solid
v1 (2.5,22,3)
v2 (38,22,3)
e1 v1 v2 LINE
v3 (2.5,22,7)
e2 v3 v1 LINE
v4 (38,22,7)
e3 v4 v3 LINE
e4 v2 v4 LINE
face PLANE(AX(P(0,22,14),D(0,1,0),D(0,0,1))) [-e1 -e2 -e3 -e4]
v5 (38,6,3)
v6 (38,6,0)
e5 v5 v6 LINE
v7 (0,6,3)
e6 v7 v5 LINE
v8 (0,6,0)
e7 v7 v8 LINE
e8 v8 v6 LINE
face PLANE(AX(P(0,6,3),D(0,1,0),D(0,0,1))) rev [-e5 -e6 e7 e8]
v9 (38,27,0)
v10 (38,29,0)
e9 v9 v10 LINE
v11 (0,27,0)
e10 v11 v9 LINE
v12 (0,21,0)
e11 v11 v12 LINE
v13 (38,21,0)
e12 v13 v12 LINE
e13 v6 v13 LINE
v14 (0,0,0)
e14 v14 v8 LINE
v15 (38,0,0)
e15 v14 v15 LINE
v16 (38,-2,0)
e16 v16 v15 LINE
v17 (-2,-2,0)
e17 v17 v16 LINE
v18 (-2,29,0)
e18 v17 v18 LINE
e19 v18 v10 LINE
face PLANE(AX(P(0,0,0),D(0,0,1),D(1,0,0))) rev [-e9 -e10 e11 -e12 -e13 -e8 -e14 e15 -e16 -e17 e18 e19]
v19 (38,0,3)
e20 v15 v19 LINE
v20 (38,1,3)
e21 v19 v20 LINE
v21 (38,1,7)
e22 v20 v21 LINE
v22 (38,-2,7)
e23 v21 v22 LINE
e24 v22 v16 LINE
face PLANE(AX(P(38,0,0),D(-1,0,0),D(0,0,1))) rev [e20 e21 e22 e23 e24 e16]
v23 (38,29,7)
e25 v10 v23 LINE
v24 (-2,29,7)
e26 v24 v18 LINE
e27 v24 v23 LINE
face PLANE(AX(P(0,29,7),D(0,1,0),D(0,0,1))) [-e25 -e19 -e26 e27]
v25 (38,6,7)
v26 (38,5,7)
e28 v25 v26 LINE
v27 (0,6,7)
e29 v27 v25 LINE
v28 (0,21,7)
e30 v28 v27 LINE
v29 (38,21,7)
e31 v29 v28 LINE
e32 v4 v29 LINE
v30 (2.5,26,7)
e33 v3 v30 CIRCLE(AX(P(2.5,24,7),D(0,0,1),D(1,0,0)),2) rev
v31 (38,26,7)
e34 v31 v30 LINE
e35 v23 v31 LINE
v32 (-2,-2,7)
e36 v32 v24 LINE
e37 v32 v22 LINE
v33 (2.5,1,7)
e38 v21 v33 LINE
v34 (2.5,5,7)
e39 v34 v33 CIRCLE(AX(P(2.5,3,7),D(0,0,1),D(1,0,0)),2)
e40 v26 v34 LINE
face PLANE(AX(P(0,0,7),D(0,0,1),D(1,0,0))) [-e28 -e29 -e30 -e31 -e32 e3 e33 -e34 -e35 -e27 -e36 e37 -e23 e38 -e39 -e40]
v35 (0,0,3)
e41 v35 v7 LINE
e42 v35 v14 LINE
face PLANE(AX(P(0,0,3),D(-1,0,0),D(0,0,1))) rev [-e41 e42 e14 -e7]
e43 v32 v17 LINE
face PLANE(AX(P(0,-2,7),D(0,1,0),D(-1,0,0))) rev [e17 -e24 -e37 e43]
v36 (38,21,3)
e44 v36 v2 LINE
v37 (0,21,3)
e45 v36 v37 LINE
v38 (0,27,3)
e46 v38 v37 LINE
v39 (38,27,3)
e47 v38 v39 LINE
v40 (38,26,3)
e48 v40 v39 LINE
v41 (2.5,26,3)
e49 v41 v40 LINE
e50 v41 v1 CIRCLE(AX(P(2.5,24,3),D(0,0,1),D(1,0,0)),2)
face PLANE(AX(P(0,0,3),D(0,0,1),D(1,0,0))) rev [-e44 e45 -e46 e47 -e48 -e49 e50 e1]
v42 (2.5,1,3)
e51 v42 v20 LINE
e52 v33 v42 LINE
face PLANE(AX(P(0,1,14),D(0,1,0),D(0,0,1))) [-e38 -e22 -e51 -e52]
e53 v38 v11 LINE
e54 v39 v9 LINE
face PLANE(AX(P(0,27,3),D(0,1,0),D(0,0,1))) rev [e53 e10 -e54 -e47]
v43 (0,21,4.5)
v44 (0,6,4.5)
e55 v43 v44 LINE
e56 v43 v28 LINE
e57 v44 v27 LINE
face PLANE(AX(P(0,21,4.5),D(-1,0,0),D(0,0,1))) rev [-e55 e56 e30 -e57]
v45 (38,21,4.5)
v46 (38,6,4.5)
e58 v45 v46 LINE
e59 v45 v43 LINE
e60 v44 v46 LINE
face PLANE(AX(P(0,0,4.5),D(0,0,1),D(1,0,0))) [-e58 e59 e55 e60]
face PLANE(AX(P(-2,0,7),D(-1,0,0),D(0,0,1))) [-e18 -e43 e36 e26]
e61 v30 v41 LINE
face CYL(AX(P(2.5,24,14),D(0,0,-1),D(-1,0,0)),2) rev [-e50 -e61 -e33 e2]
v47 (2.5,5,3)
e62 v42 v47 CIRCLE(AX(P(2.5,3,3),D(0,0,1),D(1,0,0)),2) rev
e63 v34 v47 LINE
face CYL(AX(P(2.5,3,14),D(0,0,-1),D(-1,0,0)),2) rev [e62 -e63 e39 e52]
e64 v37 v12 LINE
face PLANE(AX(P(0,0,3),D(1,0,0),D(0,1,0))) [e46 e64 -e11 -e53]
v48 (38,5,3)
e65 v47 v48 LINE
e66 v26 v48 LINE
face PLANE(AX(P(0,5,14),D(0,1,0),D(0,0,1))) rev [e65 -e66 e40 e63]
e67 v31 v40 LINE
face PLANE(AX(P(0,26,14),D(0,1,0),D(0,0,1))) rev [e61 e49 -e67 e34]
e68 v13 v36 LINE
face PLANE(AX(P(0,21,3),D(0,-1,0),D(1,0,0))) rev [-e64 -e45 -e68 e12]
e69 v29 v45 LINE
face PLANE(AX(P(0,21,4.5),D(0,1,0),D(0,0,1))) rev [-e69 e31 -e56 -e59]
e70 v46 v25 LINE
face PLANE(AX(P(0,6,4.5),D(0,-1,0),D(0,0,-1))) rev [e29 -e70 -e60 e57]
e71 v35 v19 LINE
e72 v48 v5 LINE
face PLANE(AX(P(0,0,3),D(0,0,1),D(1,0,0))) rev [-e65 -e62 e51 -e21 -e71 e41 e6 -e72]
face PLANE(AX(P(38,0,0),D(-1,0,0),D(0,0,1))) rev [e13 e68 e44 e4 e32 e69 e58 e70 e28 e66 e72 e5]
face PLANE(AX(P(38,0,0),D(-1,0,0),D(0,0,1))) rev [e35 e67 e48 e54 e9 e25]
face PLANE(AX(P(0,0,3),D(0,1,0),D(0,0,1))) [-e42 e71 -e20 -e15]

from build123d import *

# Parameters (mm, degrees)
SKETCH1_W             = 25
SKETCH1_H             = 31
IMU_BASE_DEPTH        = 7
SCREW_CHANNELS_DEPTH  = 14
NUT_CHANNELS_DEPTH    = 3
SKETCH2_W             = 23
SKETCH2_H             = 15
SOLDER_CHANNELS_DEPTH = 2.5
IMU_EXTENSION_DEPTH   = 15


with BuildPart() as part:
    # Sketch1 → IMU_Base (new body)
    with BuildSketch(Plane.XY):
        with Locations((10.5, 13.5)):
            Rectangle(SKETCH1_W, SKETCH1_H)
    extrude(amount=IMU_BASE_DEPTH)

    # Sketch1<12> → Screw_Channels (cut)
    with BuildSketch(Plane.XY):
        with BuildLine():
            ThreePointArc((2.5, 5), (0.5, 3), (2.5, 1))
            Line((2.5, 1), (23, 1))
            Line((23, 1), (23, 5))
            Line((23, 5), (2.5, 5))
        make_face()
        with BuildLine():
            Line((23, 22), (23, 26))
            Line((23, 26), (2.5, 26))
            ThreePointArc((2.5, 26), (0.5, 24), (2.5, 22))
            Line((2.5, 22), (23, 22))
        make_face()
    extrude(amount=SCREW_CHANNELS_DEPTH, mode=Mode.SUBTRACT)

    # Sketch1<13> → Nut_Channels (cut)
    with BuildSketch(Plane.XY):
        with BuildLine():
            Line((0, 0), (23, 0))
            Line((23, 0), (23, 1))
            Line((23, 1), (2.5, 1))
            ThreePointArc((2.5, 1), (0.5, 3), (2.5, 5))
            Line((2.5, 5), (23, 5))
            Line((23, 5), (23, 6))
            Line((23, 6), (0, 6))
            Line((0, 6), (0, 0))
        make_face()
        with BuildLine():
            Line((0, 21), (23, 21))
            Line((23, 21), (23, 22))
            Line((23, 22), (2.5, 22))
            ThreePointArc((2.5, 22), (0.5, 24), (2.5, 26))
            Line((2.5, 26), (23, 26))
            Line((23, 26), (23, 27))
            Line((23, 27), (0, 27))
            Line((0, 27), (0, 21))
        make_face()
    extrude(amount=NUT_CHANNELS_DEPTH, mode=Mode.SUBTRACT)

    # Sketch2 → Solder_Channels (cut)
    with BuildSketch(Plane.XY.offset(7)):
        with Locations((11.5, 13.5)):
            Rectangle(SKETCH2_W, SKETCH2_H)
    extrude(amount=-SOLDER_CHANNELS_DEPTH, mode=Mode.SUBTRACT)

    # Sketch4 → IMU_Extension (add)
    with BuildSketch(Plane(origin=(23, 0, 0), x_dir=(0, 0, -1), z_dir=(1, 0, 0))):
        Polygon((-7, 26), (-7, 29), (0, 29), (0, 27), (-3, 27), (-3, 26), align=None)
        Polygon((-7, 22), (-3, 22), (-3, 21), (0, 21), (0, 6), (-3, 6), (-3, 5), (-7, 5), (-7, 6), (-4.5, 6), (-4.5, 21), (-7, 21), align=None)
        Polygon((-7, 1), (-3, 1), (-3, 0), (0, 0), (0, -2), (-7, -2), align=None)
    extrude(amount=IMU_EXTENSION_DEPTH)


solid = part.part
